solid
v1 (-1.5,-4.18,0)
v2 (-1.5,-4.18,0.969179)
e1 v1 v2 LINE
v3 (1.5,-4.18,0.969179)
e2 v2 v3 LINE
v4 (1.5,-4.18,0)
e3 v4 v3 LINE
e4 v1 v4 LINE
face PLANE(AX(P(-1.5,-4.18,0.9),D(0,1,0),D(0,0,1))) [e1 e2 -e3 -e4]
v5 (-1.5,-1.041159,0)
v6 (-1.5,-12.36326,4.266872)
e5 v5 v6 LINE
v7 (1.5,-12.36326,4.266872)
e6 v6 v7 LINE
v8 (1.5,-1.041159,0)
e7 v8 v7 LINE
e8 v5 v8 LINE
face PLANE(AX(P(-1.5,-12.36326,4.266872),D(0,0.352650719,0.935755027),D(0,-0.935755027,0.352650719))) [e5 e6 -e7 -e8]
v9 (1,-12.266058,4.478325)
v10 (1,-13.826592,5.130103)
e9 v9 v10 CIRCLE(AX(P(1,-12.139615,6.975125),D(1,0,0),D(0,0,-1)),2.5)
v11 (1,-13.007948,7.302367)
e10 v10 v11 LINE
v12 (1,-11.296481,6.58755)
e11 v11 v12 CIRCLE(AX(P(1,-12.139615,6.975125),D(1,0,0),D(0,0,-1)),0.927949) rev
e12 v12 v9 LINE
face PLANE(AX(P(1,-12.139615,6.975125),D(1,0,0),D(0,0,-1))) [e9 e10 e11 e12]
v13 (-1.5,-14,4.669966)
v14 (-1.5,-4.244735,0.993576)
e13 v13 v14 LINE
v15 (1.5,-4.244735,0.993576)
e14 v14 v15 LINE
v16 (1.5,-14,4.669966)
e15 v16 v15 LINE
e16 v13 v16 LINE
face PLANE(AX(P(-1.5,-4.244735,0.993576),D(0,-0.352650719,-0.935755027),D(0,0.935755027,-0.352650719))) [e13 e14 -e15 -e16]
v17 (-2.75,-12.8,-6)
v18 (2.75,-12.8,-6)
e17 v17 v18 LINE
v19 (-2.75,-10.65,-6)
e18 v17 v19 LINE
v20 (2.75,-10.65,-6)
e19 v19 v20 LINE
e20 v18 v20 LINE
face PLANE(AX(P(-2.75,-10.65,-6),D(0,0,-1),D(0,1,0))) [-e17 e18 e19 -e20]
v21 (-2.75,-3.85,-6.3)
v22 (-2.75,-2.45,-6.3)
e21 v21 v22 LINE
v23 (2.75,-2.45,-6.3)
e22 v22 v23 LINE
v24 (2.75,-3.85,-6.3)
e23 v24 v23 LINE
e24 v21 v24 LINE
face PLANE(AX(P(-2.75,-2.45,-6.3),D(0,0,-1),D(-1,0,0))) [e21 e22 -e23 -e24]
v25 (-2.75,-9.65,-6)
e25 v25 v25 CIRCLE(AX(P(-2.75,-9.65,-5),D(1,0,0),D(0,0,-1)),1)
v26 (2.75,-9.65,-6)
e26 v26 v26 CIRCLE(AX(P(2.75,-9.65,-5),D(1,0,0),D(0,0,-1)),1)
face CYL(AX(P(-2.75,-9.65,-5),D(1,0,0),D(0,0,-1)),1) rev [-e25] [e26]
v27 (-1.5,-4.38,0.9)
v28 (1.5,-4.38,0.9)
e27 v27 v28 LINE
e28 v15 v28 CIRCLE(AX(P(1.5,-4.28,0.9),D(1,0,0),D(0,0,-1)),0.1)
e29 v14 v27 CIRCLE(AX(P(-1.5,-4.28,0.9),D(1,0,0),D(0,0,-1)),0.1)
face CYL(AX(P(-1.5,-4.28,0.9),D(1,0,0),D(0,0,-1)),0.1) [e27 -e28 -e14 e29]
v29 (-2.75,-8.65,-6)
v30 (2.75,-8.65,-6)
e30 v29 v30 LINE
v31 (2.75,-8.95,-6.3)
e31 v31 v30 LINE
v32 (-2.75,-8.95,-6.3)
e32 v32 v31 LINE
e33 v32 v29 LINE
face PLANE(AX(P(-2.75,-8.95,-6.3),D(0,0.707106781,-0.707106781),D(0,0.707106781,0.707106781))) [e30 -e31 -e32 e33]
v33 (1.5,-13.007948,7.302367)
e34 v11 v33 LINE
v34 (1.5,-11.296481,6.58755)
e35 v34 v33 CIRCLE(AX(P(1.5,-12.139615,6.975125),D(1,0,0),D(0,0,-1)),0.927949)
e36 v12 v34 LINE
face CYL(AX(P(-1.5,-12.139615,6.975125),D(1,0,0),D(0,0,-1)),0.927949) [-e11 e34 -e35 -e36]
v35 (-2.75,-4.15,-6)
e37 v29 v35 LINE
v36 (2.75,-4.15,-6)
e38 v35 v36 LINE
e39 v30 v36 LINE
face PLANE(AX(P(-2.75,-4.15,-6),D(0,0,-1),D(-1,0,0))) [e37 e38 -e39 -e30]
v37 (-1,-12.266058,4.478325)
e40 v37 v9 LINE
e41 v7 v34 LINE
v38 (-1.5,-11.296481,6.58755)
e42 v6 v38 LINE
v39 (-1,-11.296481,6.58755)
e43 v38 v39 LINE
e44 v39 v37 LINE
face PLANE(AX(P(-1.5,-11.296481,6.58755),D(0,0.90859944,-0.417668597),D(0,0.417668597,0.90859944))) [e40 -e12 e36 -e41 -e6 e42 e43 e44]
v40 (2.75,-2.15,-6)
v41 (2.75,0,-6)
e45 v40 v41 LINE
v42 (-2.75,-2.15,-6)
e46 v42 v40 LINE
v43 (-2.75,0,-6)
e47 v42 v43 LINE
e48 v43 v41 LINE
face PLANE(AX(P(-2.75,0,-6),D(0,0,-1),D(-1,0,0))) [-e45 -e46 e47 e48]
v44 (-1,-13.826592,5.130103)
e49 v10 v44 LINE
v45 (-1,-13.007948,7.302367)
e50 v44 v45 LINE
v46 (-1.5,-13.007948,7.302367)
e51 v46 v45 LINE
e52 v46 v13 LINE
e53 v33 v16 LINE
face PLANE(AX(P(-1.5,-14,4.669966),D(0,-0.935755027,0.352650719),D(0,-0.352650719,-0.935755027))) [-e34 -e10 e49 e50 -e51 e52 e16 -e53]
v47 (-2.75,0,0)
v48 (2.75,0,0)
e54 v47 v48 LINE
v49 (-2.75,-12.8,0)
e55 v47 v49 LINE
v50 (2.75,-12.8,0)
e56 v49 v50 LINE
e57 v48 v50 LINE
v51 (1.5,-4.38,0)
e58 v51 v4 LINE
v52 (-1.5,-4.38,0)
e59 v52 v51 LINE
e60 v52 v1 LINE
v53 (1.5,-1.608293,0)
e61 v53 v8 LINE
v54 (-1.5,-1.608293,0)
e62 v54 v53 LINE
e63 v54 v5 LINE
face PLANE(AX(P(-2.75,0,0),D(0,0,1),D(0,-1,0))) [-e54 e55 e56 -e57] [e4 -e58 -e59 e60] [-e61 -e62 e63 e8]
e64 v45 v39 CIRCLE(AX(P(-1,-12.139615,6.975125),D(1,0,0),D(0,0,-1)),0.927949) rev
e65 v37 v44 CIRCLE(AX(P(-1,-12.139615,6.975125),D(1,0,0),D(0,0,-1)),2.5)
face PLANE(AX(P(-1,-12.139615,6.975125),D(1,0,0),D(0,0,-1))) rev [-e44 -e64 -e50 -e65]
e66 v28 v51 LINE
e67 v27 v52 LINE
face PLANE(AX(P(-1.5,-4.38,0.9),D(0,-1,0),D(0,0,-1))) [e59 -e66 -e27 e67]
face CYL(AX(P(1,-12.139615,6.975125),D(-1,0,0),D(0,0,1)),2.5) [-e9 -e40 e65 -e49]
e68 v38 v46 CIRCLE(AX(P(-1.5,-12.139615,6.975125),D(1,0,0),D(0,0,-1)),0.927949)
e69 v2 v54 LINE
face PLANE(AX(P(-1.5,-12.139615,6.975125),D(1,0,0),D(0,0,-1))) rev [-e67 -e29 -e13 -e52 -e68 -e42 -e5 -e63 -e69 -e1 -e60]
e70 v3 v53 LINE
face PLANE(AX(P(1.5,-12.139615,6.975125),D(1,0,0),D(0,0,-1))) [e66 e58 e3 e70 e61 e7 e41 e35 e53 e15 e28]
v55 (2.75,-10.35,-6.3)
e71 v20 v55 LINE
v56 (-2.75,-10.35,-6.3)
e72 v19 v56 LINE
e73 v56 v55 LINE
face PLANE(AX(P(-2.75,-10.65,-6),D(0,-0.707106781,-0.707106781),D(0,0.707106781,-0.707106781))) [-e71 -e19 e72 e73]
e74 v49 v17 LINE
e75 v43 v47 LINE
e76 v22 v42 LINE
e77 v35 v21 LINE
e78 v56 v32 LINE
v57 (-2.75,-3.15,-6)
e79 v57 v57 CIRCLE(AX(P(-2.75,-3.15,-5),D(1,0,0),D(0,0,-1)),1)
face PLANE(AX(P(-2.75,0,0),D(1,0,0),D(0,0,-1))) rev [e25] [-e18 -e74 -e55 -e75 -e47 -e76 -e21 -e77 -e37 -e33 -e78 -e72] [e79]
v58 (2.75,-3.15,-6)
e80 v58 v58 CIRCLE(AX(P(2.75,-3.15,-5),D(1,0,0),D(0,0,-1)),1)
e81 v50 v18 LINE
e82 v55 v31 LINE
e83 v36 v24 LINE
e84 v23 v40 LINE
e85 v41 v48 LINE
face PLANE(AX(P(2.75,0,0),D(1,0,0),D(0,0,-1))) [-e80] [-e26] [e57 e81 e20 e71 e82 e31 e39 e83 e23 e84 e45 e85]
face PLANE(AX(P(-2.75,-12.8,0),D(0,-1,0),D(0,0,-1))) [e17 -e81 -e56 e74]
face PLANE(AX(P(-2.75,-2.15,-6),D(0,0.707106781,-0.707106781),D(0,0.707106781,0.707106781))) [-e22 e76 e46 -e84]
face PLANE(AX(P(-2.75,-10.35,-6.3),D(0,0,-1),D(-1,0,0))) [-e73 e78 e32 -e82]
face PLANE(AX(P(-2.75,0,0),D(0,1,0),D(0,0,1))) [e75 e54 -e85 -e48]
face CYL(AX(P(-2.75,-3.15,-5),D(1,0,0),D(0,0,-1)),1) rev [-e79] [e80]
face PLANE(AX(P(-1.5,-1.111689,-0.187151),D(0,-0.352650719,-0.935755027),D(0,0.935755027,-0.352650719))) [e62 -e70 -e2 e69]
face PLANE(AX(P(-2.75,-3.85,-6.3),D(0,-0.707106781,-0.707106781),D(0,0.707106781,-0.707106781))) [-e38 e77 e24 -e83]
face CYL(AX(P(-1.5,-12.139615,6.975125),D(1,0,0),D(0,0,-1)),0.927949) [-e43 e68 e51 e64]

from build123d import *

# Parameters (mm, degrees)
EXTRUDE_2_DEPTH      = 2.75
EXTRUDE_2_DEPTH_BACK = 2.75
SKETCH_1_R           = 1
EXTRUDE_3_DEPTH      = 1.5
EXTRUDE_3_DEPTH_BACK = 1.5
SKETCH_3_R           = 2.5
EXTRUDE_4_DEPTH      = 1


with BuildPart() as part:
    # 草图1 → 凸台-拉伸2 (new, two sides: drawn at the far end of the back side and taken through both)
    with BuildSketch(Plane(origin=(0, 0, 0), x_dir=(0, 0, -1), z_dir=(1, 0, 0)).offset(-EXTRUDE_2_DEPTH_BACK)):
        Polygon((0, 0), (6, 0), (6, -2.15), (6.3, -2.45), (6.3, -3.85), (6, -4.15), (6, -8.65), (6.3, -8.95), (6.3, -10.35), (6, -10.65), (6, -12.8), (0, -12.8), align=None)
        with Locations((5, -3.15)):
            Circle(SKETCH_1_R, mode=Mode.SUBTRACT)
        with Locations((5, -9.65)):
            Circle(SKETCH_1_R, mode=Mode.SUBTRACT)
    extrude(amount=EXTRUDE_2_DEPTH + EXTRUDE_2_DEPTH_BACK)

    # 草图2 → 凸台-拉伸3 (add, two sides: drawn at the far end of the back side and taken through both)
    with BuildSketch(Plane(origin=(0, 0, 0), x_dir=(0, 0, -1), z_dir=(1, 0, 0)).offset(-EXTRUDE_3_DEPTH_BACK)):
        with BuildLine():
            Line((0.187151005, -1.111689384), (-0.969179354, -4.18))
            Line((-0.969179354, -4.18), (-0.9, -4.18))
            Line((-0.9, -4.18), (0, -4.18))
            Line((0, -4.18), (0, -4.38))
            Line((0, -4.38), (-0.9, -4.38))
            ThreePointArc((-0.9, -4.38), (-0.982239003, -4.336892411), (-0.993575503, -4.244734928))
            Line((-0.993575503, -4.244734928), (-1.042296193, -4.374014774))
            Line((-1.042296193, -4.374014774), (-4.669966382, -14))
            Line((-4.669966382, -14), (-4.857117387, -13.929469856))
            Line((-4.857117387, -13.929469856), (-7.302366921, -13.007947681))
            ThreePointArc((-7.302366921, -13.007947681), (-7.831389963, -11.781984382), (-6.587549984, -11.296481041))
            Line((-6.587549984, -11.296481041), (-4.266871892, -12.363259556))
            Line((-4.266871892, -12.363259556), (0, -1.04115924))
            Line((0, -1.04115924), (0.187151005, -1.111689384))
        make_face()
    extrude(amount=EXTRUDE_3_DEPTH + EXTRUDE_3_DEPTH_BACK)

    # 草图3 → 凸台-拉伸4 (add, symmetric)
    with BuildSketch(Plane(origin=(0, 0, 0), x_dir=(0, 0, -1), z_dir=(1, 0, 0))):
        with Locations((-6.975125085, -12.139614863)):
            Circle(SKETCH_3_R)
    extrude(amount=EXTRUDE_4_DEPTH, both=True)


solid = part.part
